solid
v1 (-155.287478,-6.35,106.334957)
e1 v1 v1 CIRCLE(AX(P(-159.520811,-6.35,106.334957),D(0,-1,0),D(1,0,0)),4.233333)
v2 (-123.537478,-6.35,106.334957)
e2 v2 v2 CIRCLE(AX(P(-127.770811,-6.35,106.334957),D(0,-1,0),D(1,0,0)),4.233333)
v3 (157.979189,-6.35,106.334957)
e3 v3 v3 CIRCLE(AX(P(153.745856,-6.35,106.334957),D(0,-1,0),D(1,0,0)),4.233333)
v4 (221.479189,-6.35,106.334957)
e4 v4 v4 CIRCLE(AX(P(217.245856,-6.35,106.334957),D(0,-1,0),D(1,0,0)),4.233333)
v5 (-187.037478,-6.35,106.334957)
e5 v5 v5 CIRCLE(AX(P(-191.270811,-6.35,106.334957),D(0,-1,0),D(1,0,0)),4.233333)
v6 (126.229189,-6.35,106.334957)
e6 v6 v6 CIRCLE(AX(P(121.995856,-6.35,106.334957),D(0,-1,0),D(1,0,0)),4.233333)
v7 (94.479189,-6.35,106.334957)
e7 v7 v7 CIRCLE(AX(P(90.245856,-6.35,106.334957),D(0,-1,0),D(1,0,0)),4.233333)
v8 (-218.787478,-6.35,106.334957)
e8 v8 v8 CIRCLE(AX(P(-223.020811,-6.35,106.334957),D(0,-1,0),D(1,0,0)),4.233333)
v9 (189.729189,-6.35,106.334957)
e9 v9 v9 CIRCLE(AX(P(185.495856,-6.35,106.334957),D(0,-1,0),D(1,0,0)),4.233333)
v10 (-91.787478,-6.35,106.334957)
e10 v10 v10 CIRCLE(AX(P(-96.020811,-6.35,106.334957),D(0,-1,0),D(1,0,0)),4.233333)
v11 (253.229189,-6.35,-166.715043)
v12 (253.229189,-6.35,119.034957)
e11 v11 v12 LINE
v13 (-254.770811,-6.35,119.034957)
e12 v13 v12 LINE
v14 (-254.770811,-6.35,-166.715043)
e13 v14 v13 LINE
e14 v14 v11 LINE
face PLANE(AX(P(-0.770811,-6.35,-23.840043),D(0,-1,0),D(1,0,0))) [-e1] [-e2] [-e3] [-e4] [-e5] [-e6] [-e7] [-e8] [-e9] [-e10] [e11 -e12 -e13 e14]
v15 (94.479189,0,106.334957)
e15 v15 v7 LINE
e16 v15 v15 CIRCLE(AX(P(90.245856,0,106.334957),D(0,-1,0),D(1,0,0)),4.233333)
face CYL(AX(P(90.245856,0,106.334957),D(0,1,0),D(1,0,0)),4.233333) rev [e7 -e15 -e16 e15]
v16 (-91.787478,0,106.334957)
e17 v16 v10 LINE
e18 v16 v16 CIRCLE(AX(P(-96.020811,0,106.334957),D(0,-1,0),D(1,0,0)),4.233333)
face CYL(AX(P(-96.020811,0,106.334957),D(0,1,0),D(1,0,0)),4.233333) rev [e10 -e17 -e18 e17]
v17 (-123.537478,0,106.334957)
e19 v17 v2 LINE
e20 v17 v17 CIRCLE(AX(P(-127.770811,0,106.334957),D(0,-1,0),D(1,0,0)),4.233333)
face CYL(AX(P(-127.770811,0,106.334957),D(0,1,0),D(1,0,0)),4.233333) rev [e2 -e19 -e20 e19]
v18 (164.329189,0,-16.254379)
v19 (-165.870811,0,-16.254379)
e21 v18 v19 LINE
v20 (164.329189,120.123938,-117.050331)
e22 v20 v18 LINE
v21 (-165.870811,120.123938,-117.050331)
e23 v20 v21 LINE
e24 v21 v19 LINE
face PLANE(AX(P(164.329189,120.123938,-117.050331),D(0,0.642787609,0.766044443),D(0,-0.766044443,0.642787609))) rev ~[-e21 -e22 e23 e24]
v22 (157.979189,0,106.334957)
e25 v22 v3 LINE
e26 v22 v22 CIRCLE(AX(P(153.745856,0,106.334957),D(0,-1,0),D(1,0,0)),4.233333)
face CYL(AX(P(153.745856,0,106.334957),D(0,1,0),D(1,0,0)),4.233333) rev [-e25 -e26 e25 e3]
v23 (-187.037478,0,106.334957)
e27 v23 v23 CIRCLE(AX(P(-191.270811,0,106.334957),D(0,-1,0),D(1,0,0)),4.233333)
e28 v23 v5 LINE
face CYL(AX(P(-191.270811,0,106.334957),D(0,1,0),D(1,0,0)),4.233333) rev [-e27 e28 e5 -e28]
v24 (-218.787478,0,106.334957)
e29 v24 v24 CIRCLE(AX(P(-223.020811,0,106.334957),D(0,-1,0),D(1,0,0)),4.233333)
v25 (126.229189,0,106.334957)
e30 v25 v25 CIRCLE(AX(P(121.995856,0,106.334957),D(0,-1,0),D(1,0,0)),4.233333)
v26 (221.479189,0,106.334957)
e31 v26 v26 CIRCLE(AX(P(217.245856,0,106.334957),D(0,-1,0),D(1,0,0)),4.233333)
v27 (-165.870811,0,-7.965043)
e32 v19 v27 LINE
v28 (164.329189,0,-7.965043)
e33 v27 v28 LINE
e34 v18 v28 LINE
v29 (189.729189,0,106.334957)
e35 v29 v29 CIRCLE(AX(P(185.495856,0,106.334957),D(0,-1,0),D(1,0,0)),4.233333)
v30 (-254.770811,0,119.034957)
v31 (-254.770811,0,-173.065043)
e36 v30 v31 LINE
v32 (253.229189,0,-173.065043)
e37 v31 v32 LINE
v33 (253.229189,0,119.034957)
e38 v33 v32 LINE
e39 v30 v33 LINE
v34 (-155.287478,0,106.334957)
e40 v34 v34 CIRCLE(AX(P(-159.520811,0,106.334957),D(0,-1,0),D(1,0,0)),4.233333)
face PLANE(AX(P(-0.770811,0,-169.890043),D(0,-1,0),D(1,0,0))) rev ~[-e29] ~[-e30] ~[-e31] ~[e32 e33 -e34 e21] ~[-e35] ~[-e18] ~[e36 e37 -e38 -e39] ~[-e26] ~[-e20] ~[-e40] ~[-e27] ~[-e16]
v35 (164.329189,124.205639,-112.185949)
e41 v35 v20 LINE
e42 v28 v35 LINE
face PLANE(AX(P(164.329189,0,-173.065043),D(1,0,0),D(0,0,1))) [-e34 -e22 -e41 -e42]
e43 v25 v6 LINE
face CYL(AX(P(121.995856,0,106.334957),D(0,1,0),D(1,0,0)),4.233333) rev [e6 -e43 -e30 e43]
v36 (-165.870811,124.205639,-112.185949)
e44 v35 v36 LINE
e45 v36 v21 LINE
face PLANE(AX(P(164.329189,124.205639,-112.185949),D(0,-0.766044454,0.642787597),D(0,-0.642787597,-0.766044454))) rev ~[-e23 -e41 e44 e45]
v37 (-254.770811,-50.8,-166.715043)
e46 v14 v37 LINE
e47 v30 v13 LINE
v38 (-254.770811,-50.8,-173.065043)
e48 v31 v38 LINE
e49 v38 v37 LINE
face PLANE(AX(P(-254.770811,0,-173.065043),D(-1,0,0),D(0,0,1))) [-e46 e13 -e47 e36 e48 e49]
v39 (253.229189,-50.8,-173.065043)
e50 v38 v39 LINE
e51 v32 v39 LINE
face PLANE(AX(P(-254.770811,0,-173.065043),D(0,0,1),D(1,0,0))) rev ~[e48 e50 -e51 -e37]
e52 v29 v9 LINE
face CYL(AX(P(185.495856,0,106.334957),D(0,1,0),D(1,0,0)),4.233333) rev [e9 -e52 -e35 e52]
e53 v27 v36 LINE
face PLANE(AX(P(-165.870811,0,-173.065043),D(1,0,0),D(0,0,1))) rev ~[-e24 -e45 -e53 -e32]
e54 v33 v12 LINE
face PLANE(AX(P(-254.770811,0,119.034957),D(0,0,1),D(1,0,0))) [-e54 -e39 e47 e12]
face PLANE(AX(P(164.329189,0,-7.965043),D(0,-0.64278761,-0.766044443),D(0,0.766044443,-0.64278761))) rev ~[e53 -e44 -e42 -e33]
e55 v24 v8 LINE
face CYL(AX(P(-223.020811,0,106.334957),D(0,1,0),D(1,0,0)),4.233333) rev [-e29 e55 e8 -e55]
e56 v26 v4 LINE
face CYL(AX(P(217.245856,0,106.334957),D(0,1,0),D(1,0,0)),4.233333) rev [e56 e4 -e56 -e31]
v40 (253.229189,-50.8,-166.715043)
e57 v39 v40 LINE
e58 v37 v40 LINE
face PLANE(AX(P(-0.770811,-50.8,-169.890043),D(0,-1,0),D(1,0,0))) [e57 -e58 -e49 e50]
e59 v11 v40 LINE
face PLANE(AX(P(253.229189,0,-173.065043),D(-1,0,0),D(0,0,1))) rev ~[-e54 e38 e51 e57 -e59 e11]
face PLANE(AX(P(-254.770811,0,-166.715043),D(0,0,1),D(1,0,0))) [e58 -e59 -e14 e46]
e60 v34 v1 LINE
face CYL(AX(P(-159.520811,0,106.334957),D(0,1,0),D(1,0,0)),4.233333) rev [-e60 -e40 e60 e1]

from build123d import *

# Parameters (mm, degrees)
F0_W     = 508
F0_H     = 285.75
F0_R     = 4.233333
F1_DEPTH = 6.35
F0_H_2   = 6.35
F2_DEPTH = 50.8
F3_W     = 330.2
F3_H     = 165.1
F4_DEPTH = 152.4
F6_DEPTH = 419.101


with BuildPart() as f1:
    # F0 (on Front) → F1 (new body)
    with BuildSketch(Plane.XZ):
        with Locations((-0.770811, -23.840043)):
            Rectangle(F0_W, F0_H)
        with Locations((-223.020811, 106.334957)):
            Circle(F0_R, mode=Mode.SUBTRACT)
        with Locations((-191.270811, 106.334957)):
            Circle(F0_R, mode=Mode.SUBTRACT)
        with Locations((-159.520811, 106.334957)):
            Circle(F0_R, mode=Mode.SUBTRACT)
        with Locations((-127.770811, 106.334957)):
            Circle(F0_R, mode=Mode.SUBTRACT)
        with Locations((-96.020811, 106.334957)):
            Circle(F0_R, mode=Mode.SUBTRACT)
        with Locations((90.245856, 106.334957)):
            Circle(F0_R, mode=Mode.SUBTRACT)
        with Locations((121.995856, 106.334957)):
            Circle(F0_R, mode=Mode.SUBTRACT)
        with Locations((153.745856, 106.334957)):
            Circle(F0_R, mode=Mode.SUBTRACT)
        with Locations((185.495856, 106.334957)):
            Circle(F0_R, mode=Mode.SUBTRACT)
        with Locations((217.245856, 106.334957)):
            Circle(F0_R, mode=Mode.SUBTRACT)
    extrude(amount=F1_DEPTH)

    # F0 (on Front) → F2 (join)
    with BuildSketch(Plane.XZ):
        with Locations((-0.770811, -169.890043)):
            Rectangle(F0_W, F0_H_2)
    extrude(amount=F2_DEPTH)

    # F3 (on face) → F4 (join)
    with BuildSketch(Plane.XZ):
        with Locations((-0.770811, -90.515043)):
            Rectangle(F3_W, F3_H)
    extrude(amount=-F4_DEPTH)

    # F5 (on face) → F6 (cut, through all)
    with BuildSketch(Plane.YZ.offset(164.329189)):
        Polygon((124.205639, -112.185949), (120.123938, -117.050331), (0, -173.065043), (152.4, -173.065043), (152.4, -7.965043), (0, -7.965043), align=None)
        Polygon((120.123938, -117.050331), (0, -16.254379), (0, -173.065043), align=None)
    extrude(amount=-F6_DEPTH, mode=Mode.SUBTRACT)


solid = f1.part
